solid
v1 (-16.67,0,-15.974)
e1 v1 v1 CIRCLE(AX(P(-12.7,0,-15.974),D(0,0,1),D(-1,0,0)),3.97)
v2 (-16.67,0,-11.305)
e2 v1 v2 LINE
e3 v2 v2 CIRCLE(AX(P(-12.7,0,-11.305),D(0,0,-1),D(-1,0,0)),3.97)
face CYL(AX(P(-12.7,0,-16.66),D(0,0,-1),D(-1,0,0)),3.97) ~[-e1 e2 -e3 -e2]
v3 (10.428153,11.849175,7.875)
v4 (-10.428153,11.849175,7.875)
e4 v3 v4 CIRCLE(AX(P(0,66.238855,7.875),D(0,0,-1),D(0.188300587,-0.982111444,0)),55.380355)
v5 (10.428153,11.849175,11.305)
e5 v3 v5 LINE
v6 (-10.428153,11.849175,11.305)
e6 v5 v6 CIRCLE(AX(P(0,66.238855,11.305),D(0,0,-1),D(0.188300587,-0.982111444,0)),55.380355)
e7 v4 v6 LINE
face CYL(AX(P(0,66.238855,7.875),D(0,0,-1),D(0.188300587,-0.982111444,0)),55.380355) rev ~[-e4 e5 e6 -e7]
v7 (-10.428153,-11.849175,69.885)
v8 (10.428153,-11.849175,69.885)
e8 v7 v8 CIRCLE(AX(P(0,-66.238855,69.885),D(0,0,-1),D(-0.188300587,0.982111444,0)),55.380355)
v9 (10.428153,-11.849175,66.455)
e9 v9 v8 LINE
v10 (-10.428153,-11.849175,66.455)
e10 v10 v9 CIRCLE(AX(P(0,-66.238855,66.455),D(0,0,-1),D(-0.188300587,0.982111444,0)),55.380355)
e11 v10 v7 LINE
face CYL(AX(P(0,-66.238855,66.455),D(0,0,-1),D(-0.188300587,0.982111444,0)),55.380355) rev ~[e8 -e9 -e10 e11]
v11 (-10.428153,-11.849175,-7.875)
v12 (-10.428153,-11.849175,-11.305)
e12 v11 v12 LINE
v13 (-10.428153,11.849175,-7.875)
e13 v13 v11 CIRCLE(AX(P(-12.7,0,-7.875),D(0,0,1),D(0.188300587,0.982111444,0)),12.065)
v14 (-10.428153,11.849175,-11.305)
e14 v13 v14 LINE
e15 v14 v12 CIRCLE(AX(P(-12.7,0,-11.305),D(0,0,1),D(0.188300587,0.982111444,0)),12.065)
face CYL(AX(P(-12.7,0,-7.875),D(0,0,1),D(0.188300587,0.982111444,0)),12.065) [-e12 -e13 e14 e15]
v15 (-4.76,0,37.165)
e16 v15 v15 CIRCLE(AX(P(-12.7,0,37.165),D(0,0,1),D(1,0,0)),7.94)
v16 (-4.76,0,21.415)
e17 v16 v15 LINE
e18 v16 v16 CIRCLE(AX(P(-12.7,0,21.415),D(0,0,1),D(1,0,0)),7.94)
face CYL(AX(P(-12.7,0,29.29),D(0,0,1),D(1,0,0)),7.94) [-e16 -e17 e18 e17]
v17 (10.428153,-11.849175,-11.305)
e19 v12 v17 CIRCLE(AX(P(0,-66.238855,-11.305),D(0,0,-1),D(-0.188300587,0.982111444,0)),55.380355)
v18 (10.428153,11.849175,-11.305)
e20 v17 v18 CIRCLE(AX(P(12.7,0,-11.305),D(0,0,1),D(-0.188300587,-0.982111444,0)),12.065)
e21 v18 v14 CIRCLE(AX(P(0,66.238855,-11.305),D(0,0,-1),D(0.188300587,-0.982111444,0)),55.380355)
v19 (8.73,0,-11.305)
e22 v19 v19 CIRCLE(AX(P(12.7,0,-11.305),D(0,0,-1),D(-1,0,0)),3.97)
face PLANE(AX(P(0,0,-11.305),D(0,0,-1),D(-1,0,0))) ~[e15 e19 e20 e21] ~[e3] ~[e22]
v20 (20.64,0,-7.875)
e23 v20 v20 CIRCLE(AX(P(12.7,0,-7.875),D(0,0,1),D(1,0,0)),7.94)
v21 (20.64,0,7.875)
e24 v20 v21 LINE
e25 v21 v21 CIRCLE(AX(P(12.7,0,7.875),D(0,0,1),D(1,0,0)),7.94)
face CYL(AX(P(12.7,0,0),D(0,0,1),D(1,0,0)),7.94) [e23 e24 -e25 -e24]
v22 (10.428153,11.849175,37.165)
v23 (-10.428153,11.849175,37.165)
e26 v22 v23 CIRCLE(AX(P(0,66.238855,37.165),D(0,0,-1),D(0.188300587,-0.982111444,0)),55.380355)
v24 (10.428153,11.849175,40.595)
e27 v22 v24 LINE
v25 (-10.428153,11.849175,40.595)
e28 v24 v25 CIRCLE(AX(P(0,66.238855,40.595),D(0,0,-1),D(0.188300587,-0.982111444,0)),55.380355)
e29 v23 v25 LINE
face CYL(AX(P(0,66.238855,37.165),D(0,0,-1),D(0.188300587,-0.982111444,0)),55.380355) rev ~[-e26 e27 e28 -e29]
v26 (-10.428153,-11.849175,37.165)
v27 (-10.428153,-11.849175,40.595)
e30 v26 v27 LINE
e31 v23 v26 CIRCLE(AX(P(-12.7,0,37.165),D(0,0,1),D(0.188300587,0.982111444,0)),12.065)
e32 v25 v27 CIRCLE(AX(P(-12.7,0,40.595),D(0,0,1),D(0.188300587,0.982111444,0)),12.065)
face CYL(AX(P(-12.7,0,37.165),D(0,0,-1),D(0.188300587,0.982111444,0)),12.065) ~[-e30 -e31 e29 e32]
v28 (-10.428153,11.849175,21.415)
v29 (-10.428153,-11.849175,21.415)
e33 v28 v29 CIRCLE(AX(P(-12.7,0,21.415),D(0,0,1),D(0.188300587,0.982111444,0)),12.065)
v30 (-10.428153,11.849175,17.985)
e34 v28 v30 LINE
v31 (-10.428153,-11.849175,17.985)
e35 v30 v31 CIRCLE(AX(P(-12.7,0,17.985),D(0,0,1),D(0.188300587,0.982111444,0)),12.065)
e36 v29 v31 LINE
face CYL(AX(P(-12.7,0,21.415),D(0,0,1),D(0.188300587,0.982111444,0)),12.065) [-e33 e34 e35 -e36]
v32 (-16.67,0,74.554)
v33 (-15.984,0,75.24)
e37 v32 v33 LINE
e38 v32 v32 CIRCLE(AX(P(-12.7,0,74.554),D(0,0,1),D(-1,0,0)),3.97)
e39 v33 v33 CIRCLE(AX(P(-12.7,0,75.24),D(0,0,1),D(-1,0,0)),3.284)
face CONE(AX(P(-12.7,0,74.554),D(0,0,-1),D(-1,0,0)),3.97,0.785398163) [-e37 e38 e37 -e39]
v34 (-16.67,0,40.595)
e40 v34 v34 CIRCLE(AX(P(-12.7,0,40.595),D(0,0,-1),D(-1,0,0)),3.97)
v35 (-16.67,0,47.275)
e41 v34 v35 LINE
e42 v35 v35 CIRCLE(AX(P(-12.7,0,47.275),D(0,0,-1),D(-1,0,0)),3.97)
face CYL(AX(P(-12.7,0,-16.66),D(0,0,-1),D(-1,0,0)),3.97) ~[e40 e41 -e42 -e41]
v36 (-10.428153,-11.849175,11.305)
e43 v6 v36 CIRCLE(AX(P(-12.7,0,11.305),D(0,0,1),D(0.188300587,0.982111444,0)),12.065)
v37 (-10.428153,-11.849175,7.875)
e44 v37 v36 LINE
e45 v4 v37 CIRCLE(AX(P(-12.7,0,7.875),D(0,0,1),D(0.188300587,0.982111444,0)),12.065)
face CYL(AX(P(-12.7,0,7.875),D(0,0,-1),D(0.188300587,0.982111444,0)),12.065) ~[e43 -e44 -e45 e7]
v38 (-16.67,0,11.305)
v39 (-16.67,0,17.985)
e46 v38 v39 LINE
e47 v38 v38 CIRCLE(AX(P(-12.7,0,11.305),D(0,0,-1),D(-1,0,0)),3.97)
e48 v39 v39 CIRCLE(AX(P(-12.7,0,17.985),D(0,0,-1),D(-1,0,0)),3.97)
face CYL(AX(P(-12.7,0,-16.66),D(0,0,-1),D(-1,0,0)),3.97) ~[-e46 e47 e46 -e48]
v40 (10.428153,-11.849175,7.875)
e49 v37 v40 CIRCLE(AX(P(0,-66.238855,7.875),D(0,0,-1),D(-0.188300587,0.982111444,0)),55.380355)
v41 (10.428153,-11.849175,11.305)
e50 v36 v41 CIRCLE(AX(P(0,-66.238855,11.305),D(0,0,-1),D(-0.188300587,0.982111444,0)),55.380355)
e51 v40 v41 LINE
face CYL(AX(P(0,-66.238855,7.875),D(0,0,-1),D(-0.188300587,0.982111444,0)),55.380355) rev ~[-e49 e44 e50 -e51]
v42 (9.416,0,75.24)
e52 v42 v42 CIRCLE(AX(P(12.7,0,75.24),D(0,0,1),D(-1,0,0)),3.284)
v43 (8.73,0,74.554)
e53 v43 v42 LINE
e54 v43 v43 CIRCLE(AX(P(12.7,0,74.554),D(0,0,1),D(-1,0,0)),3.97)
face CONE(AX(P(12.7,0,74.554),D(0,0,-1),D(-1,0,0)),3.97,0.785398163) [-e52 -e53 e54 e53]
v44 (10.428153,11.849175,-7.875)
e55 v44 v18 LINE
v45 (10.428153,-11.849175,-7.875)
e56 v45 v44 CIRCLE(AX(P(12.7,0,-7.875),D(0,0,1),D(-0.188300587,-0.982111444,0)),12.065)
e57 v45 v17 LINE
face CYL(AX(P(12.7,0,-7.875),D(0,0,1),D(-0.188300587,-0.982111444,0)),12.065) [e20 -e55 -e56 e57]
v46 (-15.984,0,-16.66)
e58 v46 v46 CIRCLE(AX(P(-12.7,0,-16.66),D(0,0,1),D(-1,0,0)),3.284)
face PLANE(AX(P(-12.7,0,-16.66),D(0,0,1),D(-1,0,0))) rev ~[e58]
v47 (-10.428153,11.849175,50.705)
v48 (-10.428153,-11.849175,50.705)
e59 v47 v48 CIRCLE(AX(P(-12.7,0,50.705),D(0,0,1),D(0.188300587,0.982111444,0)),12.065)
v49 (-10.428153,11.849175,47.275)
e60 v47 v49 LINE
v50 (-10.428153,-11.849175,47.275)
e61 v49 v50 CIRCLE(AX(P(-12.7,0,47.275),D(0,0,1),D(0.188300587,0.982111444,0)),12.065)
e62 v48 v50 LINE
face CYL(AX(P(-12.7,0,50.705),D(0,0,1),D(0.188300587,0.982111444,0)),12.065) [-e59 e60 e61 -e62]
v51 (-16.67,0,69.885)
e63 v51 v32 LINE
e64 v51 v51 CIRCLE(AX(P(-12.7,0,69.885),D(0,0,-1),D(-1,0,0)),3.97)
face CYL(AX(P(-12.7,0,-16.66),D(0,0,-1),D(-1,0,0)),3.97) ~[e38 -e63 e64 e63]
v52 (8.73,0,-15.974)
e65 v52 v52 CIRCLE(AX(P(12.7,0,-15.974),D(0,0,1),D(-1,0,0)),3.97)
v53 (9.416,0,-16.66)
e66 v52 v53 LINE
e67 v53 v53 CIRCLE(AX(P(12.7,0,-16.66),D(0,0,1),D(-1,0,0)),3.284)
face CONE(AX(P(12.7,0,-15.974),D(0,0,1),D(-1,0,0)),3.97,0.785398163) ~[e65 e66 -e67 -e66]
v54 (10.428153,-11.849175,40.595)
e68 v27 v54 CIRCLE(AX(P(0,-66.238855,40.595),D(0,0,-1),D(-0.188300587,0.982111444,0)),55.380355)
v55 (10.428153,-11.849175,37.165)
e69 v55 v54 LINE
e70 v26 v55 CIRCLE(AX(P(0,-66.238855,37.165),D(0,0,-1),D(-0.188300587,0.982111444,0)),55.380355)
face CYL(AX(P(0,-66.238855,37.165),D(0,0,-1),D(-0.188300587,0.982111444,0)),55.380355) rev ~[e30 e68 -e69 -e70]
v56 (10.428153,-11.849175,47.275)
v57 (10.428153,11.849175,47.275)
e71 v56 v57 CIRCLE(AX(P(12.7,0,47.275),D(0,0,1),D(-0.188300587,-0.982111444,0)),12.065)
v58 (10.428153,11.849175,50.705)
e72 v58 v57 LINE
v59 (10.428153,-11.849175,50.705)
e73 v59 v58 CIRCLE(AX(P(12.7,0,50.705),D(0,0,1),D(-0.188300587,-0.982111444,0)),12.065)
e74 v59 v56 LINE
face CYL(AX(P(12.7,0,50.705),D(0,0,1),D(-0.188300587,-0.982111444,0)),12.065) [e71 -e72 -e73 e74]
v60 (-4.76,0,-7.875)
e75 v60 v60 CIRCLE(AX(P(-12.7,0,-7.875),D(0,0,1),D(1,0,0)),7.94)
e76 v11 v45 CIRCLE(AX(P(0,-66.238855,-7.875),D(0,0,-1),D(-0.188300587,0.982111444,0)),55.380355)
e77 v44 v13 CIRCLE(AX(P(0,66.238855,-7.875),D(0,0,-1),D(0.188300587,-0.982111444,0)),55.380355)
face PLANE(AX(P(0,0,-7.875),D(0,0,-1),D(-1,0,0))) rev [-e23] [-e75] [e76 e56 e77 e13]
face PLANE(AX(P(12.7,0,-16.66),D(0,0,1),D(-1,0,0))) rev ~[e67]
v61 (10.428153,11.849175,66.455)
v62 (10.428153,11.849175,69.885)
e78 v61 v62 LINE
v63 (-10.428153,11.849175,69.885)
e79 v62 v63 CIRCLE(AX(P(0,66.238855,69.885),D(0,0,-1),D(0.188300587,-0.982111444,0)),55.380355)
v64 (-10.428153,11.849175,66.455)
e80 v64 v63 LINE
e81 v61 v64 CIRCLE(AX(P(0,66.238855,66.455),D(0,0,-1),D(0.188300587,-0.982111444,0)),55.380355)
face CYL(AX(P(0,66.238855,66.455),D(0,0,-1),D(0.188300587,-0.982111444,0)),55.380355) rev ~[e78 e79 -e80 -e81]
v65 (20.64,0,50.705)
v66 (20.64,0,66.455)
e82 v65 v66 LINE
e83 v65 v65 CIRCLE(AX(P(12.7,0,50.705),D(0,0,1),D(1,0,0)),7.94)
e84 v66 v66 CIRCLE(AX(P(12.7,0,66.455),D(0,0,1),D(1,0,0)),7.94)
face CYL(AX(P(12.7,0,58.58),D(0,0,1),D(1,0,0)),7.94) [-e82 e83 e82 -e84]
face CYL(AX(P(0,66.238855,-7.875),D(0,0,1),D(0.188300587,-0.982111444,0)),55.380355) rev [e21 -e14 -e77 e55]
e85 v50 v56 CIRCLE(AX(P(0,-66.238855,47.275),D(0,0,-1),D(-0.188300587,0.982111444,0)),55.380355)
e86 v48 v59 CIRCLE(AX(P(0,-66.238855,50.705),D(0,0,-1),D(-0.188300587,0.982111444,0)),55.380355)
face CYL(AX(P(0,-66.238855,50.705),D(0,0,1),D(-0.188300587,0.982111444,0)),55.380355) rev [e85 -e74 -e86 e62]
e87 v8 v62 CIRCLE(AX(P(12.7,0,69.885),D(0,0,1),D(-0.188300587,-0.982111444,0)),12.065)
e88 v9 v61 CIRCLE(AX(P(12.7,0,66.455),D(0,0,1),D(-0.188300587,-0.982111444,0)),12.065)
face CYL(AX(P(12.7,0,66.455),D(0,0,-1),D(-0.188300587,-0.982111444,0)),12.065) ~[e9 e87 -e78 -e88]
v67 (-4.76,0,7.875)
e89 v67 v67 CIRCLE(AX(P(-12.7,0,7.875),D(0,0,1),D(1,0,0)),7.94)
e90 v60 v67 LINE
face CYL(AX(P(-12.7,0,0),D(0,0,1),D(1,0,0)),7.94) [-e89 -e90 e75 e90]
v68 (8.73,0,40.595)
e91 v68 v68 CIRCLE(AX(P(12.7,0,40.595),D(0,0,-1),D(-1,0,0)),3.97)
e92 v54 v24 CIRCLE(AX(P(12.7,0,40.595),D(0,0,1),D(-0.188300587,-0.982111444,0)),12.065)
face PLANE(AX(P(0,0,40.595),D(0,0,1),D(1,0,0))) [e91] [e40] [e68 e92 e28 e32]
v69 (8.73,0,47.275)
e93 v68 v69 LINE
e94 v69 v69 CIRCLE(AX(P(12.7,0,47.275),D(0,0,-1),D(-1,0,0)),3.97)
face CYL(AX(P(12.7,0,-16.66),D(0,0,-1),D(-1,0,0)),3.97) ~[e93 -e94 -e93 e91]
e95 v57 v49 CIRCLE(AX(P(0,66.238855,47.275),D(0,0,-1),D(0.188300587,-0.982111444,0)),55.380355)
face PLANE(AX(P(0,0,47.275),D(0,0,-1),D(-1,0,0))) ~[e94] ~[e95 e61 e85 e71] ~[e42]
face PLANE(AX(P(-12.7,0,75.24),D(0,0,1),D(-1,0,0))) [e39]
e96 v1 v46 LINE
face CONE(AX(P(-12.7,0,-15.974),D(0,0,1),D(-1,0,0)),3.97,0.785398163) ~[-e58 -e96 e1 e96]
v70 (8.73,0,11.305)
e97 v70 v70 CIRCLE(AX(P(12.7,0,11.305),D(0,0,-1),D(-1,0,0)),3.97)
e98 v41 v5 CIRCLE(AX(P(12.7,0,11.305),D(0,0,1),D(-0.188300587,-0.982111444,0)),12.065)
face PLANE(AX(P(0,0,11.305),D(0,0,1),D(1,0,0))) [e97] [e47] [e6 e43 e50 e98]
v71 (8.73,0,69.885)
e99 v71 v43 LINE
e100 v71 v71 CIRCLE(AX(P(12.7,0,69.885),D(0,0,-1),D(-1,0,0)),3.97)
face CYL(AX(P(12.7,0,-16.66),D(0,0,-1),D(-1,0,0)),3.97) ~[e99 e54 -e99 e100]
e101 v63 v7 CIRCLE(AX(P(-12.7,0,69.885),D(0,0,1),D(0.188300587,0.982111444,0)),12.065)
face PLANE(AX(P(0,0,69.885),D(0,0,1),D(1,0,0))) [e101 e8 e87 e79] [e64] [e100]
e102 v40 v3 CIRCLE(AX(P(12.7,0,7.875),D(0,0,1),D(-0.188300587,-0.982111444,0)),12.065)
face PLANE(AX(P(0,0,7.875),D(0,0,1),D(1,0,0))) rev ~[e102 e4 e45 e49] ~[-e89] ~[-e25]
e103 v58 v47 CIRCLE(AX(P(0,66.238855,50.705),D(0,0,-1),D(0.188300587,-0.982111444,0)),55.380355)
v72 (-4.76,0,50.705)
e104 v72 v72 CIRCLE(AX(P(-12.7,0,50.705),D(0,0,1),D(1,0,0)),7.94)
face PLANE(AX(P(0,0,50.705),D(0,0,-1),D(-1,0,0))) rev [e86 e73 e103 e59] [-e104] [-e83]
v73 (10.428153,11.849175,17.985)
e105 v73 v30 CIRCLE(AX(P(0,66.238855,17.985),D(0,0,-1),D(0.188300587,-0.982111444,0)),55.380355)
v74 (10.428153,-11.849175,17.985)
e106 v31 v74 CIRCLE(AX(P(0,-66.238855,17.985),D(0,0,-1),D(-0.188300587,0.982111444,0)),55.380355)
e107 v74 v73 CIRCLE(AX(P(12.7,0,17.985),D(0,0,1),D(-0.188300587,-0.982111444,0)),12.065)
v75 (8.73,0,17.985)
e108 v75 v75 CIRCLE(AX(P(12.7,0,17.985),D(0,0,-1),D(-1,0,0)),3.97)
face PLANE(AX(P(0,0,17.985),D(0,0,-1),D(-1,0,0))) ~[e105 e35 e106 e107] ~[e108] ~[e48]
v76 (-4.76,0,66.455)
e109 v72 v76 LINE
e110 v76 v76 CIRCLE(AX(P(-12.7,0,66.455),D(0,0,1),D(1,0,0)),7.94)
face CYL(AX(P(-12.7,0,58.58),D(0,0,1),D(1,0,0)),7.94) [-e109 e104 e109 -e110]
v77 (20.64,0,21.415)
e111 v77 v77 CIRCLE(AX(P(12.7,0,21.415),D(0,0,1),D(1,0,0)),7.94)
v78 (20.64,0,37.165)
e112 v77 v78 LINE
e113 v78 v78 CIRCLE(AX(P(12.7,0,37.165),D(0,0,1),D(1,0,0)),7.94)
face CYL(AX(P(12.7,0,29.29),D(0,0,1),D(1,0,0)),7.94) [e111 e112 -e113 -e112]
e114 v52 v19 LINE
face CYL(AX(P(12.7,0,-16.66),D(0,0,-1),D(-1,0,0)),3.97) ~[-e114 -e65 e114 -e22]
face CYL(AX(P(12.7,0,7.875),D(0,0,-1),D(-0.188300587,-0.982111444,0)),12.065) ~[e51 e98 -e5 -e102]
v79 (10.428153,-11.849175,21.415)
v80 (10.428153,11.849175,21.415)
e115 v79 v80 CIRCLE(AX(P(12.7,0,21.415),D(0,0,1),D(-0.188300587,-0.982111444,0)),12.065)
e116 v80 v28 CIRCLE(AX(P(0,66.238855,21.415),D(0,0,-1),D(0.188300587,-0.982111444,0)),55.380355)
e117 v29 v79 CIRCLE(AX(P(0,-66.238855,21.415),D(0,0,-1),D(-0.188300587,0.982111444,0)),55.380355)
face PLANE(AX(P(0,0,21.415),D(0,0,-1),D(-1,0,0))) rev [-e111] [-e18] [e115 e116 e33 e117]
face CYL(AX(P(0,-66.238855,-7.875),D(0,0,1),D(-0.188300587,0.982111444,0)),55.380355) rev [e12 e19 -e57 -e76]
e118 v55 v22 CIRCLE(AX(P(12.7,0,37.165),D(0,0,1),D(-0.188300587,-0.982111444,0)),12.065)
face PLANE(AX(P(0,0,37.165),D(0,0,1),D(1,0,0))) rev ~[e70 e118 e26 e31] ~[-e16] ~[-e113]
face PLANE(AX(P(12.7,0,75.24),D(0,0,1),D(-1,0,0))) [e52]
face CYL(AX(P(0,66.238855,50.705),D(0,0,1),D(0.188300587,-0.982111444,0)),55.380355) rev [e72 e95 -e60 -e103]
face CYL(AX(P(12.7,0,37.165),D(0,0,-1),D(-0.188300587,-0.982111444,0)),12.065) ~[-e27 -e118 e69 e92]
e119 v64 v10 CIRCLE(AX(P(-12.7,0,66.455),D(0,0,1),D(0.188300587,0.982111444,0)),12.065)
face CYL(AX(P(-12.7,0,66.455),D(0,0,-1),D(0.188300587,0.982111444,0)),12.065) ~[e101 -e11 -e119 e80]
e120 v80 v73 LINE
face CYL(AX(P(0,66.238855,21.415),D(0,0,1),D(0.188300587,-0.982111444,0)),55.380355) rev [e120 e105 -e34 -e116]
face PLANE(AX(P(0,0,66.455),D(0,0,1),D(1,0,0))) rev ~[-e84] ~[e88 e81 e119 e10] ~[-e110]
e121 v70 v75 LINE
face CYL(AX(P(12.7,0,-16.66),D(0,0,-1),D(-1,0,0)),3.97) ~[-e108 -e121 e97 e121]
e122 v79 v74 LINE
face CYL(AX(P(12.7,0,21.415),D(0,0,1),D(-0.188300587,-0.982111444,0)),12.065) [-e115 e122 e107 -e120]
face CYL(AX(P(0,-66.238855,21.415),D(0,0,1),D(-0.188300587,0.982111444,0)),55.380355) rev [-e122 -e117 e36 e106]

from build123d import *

# Parameters (mm, degrees)
SKETCH_2_R             = 7.94
EXTRUDE_1_DEPTH        = 7.875
EXTRUDE_1_2_DEPTH      = 7.875
EXTRUDE_2_DEPTH        = 3.43
PATTERN_LINEAR_1_COUNT = 3
PATTERN_LINEAR_1_PITCH = 29.29
EXTRUDE_3_DEPTH        = 75.24
EXTRUDE_3_DEPTH_BACK   = 16.66
SKETCH_4_R             = 3.97
CHAMFER_1_SIZE         = 0.686


with BuildPart() as part:
    # 草图2 → 拉伸1 (new, symmetric)
    with BuildSketch(Plane.XY):
        with Locations((12.7, 0)):
            Circle(SKETCH_2_R)
    extrude(amount=EXTRUDE_1_DEPTH, both=True)



with BuildPart() as body_2:
    # 草图2 → Extrude 1 2 (new, symmetric)
    with BuildSketch(Plane.XY):
        with Locations((-12.7, 0)):
            Circle(SKETCH_2_R)
    extrude(amount=EXTRUDE_1_2_DEPTH, both=True)


with BuildPart() as part_1:
    add(part.part)

    add(body_2.part)  # 拉伸2 merges body 2
    # 草图3 → 拉伸2 (add)
    with BuildSketch(Plane.XY.offset(7.875)):
        with BuildLine():
            ThreePointArc((-10.428153415, 11.849174574), (-24.765, 0), (-10.428153415, -11.849174574))
            ThreePointArc((-10.428153415, -11.849174574), (0, -10.8585), (10.428153415, -11.849174574))
            ThreePointArc((10.428153415, -11.849174574), (24.765, 0), (10.428153415, 11.849174574))
            ThreePointArc((10.428153415, 11.849174574), (0, 10.8585), (-10.428153415, 11.849174574))
        make_face()
    extrude_2 = extrude(amount=EXTRUDE_2_DEPTH)

    # 镜向1: 拉伸2 across plane
    add(extrude_2.mirror(Plane.XY))


with BuildPart() as pattern_linear_1_1:
    # 阵列(线性)1: pattern copy
    add(part_1.part.moved(Location(Vector(0, 0, 1) * (1 * PATTERN_LINEAR_1_PITCH))))


with BuildPart() as pattern_linear_1_2:
    # 阵列(线性)1: pattern copy
    add(part_1.part.moved(Location(Vector(0, 0, 1) * (2 * PATTERN_LINEAR_1_PITCH))))


with BuildPart() as part_2:
    add(part_1.part)

    add(pattern_linear_1_1.part)  # 拉伸3 merges 阵列(线性)1_1

    add(pattern_linear_1_2.part)  # 拉伸3 merges 阵列(线性)1_2
    # 草图4 → 拉伸3 (add, two sides: drawn at the far end of the back side and taken through both)
    with BuildSketch(Plane.XY.offset(-EXTRUDE_3_DEPTH_BACK)):
        with Locations(Location((12.7, 0, 0), (0, 0, 180))):
            Circle(SKETCH_4_R)
        with Locations(Location((-12.7, 0, 0), (0, 0, 180))):
            Circle(SKETCH_4_R)
    extrude(amount=EXTRUDE_3_DEPTH + EXTRUDE_3_DEPTH_BACK)

    # 倒角1
    chamfer_1_edges = [part_2.edges().sort_by_distance(p)[0] for p in [
        (16.67, 0, -16.66),
        (16.67, 0, 75.24),
        (-8.73, 0, -16.66),
        (-8.73, 0, 75.24),
    ]]
    chamfer(chamfer_1_edges, length=CHAMFER_1_SIZE)


solid = part_2.part
